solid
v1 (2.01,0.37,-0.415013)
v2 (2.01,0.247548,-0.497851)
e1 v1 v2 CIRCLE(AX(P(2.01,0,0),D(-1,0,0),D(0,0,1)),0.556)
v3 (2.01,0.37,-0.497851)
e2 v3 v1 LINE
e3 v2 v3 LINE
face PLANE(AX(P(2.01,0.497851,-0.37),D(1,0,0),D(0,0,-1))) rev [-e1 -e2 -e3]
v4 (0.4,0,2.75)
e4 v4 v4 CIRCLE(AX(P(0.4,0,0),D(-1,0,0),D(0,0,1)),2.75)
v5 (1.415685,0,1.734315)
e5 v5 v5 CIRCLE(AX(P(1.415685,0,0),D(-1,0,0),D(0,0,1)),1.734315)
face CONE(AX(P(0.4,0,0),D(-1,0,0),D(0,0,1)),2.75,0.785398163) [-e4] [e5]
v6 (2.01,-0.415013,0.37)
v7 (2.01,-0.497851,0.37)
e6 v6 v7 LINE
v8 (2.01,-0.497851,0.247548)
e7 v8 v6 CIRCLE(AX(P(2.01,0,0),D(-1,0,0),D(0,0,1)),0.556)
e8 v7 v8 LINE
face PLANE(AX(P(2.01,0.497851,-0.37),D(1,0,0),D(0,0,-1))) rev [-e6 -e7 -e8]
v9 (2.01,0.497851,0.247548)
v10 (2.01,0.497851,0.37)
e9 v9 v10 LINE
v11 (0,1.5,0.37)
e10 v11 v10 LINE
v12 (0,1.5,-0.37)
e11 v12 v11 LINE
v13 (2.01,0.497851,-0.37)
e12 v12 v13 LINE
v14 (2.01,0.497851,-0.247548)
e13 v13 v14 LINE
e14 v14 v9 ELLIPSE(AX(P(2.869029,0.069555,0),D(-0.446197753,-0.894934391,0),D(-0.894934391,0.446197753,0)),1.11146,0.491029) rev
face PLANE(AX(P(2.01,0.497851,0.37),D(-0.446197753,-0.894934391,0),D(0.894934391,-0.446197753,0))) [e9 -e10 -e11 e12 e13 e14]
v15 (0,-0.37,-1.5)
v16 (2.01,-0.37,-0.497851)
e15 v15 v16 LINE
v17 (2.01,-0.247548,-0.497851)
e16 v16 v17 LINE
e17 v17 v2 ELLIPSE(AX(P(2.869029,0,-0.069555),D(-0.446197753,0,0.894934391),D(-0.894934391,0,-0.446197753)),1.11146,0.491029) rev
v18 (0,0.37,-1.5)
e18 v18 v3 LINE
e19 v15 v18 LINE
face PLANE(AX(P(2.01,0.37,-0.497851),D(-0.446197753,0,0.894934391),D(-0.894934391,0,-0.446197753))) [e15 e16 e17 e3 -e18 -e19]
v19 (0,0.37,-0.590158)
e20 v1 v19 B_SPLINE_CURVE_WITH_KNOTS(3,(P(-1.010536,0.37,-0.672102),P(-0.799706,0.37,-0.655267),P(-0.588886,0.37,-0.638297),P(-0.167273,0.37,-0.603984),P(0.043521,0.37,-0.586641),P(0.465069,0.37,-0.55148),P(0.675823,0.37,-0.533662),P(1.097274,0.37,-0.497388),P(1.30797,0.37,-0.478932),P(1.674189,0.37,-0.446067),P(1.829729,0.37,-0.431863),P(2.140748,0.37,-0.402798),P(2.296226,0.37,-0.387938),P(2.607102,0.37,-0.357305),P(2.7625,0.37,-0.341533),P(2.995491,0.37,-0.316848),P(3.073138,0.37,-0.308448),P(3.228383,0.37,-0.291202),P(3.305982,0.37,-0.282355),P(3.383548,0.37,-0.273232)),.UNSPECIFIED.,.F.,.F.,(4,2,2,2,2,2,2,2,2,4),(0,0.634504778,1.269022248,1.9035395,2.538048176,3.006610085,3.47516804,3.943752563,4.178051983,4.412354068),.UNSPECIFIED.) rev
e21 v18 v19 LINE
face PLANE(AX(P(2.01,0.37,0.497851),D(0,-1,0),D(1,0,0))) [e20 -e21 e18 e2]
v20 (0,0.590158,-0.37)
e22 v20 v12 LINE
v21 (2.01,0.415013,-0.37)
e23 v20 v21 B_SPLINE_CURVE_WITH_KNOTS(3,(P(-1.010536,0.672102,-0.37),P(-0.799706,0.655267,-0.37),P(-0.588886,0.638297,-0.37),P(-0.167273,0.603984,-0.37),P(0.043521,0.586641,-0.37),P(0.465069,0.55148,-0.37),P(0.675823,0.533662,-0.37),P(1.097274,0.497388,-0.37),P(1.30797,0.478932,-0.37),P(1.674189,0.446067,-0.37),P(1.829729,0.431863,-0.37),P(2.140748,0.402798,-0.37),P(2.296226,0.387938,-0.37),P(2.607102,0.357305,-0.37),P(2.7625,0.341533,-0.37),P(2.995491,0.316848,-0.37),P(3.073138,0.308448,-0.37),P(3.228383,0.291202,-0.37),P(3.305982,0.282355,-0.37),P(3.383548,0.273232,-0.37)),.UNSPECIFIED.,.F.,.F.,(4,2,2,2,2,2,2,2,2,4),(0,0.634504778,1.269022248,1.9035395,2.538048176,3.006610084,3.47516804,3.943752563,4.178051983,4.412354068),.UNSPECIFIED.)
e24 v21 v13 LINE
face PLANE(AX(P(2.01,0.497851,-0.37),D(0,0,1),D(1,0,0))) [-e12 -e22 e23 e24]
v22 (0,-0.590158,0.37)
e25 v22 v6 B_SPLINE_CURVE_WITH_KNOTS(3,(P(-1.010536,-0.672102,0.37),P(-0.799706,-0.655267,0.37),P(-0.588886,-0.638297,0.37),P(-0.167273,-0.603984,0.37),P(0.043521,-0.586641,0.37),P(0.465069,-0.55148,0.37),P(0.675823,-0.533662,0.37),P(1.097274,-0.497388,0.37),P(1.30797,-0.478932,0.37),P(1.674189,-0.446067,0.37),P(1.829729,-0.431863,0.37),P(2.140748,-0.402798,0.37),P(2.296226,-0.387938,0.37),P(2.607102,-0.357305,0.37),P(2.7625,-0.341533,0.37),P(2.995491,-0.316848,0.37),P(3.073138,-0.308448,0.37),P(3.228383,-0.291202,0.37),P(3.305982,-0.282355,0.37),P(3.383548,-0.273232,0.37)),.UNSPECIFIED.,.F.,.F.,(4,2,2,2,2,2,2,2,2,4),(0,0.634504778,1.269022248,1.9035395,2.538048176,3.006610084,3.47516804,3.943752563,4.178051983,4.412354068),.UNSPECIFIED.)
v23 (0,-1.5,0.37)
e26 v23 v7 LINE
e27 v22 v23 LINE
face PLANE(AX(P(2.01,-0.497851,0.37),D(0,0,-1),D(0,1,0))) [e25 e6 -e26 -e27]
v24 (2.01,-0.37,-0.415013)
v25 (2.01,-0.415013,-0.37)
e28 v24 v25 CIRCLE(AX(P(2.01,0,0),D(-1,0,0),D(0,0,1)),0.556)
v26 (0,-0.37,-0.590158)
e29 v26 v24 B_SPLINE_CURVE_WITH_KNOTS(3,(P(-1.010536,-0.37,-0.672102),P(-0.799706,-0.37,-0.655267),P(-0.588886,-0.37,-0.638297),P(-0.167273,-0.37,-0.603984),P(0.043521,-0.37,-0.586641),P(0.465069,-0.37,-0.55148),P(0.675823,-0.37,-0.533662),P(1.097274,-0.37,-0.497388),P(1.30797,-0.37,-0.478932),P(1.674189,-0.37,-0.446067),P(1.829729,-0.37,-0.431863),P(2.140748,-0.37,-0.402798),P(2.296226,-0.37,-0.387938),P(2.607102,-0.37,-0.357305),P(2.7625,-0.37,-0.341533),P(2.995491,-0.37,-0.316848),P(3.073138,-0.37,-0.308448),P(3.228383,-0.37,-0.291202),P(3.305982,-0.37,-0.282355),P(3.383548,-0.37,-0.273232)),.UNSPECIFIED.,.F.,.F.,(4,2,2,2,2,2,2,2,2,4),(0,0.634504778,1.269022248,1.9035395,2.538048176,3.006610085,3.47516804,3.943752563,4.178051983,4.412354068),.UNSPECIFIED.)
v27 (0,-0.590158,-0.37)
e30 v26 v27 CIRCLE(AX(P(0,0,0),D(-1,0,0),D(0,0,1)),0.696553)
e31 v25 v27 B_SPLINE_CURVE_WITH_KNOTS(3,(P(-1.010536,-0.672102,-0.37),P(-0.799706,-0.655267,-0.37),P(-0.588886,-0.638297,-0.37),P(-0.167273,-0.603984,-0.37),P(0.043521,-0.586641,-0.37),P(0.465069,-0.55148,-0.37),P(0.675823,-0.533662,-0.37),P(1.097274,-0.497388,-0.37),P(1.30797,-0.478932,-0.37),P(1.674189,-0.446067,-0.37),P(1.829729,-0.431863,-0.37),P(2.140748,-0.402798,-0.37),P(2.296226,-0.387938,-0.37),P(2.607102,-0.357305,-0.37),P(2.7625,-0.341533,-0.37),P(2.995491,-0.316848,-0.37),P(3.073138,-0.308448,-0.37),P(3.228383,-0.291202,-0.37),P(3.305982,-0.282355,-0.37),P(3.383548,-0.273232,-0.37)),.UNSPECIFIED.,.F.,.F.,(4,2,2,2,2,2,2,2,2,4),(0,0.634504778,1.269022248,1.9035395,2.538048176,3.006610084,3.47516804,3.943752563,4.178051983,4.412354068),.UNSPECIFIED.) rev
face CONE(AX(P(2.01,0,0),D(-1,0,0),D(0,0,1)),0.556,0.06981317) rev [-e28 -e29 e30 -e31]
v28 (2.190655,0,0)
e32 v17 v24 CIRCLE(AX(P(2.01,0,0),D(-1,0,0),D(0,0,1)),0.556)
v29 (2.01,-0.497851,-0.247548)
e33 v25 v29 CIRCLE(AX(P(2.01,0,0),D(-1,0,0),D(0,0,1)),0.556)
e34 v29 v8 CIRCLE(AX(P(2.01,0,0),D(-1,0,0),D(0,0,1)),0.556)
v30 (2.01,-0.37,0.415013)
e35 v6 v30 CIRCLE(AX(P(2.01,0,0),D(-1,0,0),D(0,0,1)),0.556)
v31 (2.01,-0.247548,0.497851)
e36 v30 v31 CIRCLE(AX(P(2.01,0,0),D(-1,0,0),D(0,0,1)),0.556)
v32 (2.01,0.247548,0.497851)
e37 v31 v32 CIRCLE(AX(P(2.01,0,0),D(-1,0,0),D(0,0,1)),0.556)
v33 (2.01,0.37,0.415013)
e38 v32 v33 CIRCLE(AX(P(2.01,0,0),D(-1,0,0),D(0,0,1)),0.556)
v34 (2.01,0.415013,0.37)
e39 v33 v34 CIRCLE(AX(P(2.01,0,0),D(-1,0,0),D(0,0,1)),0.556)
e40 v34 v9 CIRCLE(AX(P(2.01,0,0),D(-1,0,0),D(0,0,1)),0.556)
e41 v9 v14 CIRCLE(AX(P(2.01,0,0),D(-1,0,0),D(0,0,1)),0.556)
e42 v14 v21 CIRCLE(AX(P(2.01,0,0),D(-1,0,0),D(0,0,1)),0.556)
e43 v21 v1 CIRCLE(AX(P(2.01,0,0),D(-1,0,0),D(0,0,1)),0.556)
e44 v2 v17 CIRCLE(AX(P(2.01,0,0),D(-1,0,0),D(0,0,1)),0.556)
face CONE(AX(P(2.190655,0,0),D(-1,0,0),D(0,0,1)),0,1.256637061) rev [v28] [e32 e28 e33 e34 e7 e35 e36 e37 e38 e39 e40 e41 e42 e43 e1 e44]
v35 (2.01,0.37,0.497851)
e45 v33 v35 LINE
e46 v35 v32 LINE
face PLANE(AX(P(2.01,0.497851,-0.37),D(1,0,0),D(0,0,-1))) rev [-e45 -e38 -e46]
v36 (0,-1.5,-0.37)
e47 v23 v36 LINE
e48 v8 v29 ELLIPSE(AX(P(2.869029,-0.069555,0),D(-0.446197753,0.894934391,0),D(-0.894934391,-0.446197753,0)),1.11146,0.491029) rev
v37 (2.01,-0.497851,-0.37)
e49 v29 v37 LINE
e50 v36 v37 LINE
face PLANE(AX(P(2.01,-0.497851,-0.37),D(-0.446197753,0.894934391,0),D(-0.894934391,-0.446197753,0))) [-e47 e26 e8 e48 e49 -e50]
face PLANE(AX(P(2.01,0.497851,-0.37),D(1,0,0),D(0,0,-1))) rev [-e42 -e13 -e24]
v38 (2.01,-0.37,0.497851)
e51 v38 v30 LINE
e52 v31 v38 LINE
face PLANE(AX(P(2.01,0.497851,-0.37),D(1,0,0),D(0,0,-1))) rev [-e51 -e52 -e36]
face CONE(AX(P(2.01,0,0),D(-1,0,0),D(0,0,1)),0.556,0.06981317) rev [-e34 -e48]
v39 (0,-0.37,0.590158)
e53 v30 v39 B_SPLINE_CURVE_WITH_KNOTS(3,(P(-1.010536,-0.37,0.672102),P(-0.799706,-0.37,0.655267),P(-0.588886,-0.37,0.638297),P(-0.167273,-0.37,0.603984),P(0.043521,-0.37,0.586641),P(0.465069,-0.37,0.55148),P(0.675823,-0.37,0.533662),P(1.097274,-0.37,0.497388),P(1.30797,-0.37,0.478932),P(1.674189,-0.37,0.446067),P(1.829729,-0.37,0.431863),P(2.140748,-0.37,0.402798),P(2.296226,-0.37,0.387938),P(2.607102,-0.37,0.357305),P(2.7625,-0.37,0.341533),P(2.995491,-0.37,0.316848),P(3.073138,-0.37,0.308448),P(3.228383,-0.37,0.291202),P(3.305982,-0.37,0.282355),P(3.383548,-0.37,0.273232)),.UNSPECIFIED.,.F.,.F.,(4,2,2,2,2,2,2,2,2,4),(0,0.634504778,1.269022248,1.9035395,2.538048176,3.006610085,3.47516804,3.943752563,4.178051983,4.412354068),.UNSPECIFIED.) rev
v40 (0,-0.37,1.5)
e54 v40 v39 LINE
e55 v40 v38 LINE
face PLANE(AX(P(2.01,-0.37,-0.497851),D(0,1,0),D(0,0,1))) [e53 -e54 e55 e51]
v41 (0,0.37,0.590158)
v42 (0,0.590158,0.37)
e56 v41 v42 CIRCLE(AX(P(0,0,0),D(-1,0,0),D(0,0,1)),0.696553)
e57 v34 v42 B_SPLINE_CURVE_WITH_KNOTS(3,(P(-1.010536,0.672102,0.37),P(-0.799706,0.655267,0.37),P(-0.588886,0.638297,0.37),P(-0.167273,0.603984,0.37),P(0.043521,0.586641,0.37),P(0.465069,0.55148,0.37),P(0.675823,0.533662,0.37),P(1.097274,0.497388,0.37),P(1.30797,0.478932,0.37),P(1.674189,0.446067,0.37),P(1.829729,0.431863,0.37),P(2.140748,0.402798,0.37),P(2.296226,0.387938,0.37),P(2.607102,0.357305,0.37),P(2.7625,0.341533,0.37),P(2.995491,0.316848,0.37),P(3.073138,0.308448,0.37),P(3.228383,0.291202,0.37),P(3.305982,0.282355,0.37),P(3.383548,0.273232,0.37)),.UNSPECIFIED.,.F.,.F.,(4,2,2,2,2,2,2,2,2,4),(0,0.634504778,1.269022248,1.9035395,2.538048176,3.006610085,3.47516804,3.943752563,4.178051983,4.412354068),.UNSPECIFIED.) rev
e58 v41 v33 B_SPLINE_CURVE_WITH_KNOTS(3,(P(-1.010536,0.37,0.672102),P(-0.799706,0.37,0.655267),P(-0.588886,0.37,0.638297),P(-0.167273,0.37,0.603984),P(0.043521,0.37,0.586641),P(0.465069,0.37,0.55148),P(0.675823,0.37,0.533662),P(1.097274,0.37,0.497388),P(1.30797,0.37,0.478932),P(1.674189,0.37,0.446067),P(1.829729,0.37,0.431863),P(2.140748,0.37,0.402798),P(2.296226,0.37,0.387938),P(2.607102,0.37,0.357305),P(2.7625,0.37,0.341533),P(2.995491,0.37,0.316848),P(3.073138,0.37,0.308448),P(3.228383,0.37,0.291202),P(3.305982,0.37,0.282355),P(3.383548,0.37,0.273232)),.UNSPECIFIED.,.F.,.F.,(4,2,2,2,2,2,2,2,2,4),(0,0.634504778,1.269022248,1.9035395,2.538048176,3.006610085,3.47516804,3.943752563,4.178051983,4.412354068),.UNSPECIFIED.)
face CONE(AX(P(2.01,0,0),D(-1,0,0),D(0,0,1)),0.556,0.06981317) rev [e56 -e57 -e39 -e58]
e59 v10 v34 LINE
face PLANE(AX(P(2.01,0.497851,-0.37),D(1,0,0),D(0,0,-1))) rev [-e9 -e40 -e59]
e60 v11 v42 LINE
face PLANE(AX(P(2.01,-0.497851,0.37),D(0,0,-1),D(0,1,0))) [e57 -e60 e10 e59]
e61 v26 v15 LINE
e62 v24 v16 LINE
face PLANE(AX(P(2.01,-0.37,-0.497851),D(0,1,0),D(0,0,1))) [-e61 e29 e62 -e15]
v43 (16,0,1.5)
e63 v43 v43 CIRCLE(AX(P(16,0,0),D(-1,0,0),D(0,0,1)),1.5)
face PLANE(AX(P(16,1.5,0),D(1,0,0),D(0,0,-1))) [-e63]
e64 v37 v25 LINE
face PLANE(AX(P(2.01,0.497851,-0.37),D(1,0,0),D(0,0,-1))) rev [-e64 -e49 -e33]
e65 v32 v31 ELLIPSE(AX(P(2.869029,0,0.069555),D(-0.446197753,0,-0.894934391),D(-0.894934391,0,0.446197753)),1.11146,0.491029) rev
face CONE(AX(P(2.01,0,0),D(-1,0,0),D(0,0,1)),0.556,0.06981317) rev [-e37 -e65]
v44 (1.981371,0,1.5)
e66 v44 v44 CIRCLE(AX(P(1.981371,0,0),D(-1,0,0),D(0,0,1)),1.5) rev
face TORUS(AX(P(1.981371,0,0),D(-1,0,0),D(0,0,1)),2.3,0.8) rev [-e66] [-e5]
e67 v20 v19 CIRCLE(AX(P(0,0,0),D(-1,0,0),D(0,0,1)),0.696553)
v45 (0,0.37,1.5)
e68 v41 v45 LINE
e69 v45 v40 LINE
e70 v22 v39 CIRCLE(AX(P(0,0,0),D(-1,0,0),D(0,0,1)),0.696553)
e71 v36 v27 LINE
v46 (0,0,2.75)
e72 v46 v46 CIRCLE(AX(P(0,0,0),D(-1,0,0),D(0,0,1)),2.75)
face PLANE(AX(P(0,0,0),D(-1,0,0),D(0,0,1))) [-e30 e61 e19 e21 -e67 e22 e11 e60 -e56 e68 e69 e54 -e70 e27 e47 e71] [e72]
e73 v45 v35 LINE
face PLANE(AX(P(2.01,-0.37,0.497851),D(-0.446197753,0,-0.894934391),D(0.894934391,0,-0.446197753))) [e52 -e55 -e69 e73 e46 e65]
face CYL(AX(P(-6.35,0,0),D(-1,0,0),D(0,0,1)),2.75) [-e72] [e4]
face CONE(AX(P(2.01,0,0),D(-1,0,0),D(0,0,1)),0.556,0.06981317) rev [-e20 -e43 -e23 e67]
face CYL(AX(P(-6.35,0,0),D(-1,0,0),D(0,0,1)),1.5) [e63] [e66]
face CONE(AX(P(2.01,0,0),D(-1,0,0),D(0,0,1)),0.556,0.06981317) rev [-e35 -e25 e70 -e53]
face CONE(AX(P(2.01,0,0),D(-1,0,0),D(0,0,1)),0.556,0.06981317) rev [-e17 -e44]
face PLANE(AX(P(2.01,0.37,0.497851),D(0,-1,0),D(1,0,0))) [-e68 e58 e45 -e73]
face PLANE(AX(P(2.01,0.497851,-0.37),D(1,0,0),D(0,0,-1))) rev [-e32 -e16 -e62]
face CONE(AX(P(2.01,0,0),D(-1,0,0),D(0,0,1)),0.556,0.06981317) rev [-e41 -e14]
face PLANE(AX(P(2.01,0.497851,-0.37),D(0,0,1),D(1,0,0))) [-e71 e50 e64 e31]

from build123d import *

# Parameters (mm, degrees)
FILLET1_R    = 0.8
SKETCH3_W    = 0.74
SKETCH3_H    = 3
SKETCH4_W    = 0.74
SKETCH4_H    = 0.99570227
RECPAT_COUNT = 2
RECPAT_ANGLE = 90


with BuildPart() as part:
    # BodySke → Base-Revolve (revolve)
    with BuildSketch(Plane.XY):
        Polygon((0, 0), (0, 2.75), (0.4, 2.75), (1.65, 1.5), (16, 1.5), (16, 0), align=None)
    revolve(axis=Axis((-6.35, 0, 0), (1, 0, 0)))

    # Fillet1
    fillet1_edges = [part.edges().sort_by_distance(p)[0] for p in [
        (1.65, -1.5, 0),
    ]]
    fillet(fillet1_edges, radius=FILLET1_R)

    # Sketch3 → Recess section 0
    with BuildSketch(Plane.ZY):
        Rectangle(SKETCH3_W, SKETCH3_H)
    # Sketch4 → Recess section 1
    with BuildSketch(Plane.ZY.offset(-2.01)):
        Rectangle(SKETCH4_W, SKETCH4_H)
    recess = loft(mode=Mode.SUBTRACT)

    # RecPat: Recess ×2 about axis
    recpat_axis = Axis((0, 0, 0), (1, 0, 0))
    for i in range(1, RECPAT_COUNT):
        add(recess.rotate(recpat_axis, i * RECPAT_ANGLE / (RECPAT_COUNT - 1)), mode=Mode.SUBTRACT)

    # RecCorSke → RecessCore (revolve, cut)
    with BuildSketch(Plane.XY):
        Polygon((0, 0), (0, 0.696552892), (2.01, 0.556), (2.190655351, 0), align=None)
    revolve(axis=Axis((-3.175, 0, 0), (1, 0, 0)), mode=Mode.SUBTRACT)


solid = part.part
